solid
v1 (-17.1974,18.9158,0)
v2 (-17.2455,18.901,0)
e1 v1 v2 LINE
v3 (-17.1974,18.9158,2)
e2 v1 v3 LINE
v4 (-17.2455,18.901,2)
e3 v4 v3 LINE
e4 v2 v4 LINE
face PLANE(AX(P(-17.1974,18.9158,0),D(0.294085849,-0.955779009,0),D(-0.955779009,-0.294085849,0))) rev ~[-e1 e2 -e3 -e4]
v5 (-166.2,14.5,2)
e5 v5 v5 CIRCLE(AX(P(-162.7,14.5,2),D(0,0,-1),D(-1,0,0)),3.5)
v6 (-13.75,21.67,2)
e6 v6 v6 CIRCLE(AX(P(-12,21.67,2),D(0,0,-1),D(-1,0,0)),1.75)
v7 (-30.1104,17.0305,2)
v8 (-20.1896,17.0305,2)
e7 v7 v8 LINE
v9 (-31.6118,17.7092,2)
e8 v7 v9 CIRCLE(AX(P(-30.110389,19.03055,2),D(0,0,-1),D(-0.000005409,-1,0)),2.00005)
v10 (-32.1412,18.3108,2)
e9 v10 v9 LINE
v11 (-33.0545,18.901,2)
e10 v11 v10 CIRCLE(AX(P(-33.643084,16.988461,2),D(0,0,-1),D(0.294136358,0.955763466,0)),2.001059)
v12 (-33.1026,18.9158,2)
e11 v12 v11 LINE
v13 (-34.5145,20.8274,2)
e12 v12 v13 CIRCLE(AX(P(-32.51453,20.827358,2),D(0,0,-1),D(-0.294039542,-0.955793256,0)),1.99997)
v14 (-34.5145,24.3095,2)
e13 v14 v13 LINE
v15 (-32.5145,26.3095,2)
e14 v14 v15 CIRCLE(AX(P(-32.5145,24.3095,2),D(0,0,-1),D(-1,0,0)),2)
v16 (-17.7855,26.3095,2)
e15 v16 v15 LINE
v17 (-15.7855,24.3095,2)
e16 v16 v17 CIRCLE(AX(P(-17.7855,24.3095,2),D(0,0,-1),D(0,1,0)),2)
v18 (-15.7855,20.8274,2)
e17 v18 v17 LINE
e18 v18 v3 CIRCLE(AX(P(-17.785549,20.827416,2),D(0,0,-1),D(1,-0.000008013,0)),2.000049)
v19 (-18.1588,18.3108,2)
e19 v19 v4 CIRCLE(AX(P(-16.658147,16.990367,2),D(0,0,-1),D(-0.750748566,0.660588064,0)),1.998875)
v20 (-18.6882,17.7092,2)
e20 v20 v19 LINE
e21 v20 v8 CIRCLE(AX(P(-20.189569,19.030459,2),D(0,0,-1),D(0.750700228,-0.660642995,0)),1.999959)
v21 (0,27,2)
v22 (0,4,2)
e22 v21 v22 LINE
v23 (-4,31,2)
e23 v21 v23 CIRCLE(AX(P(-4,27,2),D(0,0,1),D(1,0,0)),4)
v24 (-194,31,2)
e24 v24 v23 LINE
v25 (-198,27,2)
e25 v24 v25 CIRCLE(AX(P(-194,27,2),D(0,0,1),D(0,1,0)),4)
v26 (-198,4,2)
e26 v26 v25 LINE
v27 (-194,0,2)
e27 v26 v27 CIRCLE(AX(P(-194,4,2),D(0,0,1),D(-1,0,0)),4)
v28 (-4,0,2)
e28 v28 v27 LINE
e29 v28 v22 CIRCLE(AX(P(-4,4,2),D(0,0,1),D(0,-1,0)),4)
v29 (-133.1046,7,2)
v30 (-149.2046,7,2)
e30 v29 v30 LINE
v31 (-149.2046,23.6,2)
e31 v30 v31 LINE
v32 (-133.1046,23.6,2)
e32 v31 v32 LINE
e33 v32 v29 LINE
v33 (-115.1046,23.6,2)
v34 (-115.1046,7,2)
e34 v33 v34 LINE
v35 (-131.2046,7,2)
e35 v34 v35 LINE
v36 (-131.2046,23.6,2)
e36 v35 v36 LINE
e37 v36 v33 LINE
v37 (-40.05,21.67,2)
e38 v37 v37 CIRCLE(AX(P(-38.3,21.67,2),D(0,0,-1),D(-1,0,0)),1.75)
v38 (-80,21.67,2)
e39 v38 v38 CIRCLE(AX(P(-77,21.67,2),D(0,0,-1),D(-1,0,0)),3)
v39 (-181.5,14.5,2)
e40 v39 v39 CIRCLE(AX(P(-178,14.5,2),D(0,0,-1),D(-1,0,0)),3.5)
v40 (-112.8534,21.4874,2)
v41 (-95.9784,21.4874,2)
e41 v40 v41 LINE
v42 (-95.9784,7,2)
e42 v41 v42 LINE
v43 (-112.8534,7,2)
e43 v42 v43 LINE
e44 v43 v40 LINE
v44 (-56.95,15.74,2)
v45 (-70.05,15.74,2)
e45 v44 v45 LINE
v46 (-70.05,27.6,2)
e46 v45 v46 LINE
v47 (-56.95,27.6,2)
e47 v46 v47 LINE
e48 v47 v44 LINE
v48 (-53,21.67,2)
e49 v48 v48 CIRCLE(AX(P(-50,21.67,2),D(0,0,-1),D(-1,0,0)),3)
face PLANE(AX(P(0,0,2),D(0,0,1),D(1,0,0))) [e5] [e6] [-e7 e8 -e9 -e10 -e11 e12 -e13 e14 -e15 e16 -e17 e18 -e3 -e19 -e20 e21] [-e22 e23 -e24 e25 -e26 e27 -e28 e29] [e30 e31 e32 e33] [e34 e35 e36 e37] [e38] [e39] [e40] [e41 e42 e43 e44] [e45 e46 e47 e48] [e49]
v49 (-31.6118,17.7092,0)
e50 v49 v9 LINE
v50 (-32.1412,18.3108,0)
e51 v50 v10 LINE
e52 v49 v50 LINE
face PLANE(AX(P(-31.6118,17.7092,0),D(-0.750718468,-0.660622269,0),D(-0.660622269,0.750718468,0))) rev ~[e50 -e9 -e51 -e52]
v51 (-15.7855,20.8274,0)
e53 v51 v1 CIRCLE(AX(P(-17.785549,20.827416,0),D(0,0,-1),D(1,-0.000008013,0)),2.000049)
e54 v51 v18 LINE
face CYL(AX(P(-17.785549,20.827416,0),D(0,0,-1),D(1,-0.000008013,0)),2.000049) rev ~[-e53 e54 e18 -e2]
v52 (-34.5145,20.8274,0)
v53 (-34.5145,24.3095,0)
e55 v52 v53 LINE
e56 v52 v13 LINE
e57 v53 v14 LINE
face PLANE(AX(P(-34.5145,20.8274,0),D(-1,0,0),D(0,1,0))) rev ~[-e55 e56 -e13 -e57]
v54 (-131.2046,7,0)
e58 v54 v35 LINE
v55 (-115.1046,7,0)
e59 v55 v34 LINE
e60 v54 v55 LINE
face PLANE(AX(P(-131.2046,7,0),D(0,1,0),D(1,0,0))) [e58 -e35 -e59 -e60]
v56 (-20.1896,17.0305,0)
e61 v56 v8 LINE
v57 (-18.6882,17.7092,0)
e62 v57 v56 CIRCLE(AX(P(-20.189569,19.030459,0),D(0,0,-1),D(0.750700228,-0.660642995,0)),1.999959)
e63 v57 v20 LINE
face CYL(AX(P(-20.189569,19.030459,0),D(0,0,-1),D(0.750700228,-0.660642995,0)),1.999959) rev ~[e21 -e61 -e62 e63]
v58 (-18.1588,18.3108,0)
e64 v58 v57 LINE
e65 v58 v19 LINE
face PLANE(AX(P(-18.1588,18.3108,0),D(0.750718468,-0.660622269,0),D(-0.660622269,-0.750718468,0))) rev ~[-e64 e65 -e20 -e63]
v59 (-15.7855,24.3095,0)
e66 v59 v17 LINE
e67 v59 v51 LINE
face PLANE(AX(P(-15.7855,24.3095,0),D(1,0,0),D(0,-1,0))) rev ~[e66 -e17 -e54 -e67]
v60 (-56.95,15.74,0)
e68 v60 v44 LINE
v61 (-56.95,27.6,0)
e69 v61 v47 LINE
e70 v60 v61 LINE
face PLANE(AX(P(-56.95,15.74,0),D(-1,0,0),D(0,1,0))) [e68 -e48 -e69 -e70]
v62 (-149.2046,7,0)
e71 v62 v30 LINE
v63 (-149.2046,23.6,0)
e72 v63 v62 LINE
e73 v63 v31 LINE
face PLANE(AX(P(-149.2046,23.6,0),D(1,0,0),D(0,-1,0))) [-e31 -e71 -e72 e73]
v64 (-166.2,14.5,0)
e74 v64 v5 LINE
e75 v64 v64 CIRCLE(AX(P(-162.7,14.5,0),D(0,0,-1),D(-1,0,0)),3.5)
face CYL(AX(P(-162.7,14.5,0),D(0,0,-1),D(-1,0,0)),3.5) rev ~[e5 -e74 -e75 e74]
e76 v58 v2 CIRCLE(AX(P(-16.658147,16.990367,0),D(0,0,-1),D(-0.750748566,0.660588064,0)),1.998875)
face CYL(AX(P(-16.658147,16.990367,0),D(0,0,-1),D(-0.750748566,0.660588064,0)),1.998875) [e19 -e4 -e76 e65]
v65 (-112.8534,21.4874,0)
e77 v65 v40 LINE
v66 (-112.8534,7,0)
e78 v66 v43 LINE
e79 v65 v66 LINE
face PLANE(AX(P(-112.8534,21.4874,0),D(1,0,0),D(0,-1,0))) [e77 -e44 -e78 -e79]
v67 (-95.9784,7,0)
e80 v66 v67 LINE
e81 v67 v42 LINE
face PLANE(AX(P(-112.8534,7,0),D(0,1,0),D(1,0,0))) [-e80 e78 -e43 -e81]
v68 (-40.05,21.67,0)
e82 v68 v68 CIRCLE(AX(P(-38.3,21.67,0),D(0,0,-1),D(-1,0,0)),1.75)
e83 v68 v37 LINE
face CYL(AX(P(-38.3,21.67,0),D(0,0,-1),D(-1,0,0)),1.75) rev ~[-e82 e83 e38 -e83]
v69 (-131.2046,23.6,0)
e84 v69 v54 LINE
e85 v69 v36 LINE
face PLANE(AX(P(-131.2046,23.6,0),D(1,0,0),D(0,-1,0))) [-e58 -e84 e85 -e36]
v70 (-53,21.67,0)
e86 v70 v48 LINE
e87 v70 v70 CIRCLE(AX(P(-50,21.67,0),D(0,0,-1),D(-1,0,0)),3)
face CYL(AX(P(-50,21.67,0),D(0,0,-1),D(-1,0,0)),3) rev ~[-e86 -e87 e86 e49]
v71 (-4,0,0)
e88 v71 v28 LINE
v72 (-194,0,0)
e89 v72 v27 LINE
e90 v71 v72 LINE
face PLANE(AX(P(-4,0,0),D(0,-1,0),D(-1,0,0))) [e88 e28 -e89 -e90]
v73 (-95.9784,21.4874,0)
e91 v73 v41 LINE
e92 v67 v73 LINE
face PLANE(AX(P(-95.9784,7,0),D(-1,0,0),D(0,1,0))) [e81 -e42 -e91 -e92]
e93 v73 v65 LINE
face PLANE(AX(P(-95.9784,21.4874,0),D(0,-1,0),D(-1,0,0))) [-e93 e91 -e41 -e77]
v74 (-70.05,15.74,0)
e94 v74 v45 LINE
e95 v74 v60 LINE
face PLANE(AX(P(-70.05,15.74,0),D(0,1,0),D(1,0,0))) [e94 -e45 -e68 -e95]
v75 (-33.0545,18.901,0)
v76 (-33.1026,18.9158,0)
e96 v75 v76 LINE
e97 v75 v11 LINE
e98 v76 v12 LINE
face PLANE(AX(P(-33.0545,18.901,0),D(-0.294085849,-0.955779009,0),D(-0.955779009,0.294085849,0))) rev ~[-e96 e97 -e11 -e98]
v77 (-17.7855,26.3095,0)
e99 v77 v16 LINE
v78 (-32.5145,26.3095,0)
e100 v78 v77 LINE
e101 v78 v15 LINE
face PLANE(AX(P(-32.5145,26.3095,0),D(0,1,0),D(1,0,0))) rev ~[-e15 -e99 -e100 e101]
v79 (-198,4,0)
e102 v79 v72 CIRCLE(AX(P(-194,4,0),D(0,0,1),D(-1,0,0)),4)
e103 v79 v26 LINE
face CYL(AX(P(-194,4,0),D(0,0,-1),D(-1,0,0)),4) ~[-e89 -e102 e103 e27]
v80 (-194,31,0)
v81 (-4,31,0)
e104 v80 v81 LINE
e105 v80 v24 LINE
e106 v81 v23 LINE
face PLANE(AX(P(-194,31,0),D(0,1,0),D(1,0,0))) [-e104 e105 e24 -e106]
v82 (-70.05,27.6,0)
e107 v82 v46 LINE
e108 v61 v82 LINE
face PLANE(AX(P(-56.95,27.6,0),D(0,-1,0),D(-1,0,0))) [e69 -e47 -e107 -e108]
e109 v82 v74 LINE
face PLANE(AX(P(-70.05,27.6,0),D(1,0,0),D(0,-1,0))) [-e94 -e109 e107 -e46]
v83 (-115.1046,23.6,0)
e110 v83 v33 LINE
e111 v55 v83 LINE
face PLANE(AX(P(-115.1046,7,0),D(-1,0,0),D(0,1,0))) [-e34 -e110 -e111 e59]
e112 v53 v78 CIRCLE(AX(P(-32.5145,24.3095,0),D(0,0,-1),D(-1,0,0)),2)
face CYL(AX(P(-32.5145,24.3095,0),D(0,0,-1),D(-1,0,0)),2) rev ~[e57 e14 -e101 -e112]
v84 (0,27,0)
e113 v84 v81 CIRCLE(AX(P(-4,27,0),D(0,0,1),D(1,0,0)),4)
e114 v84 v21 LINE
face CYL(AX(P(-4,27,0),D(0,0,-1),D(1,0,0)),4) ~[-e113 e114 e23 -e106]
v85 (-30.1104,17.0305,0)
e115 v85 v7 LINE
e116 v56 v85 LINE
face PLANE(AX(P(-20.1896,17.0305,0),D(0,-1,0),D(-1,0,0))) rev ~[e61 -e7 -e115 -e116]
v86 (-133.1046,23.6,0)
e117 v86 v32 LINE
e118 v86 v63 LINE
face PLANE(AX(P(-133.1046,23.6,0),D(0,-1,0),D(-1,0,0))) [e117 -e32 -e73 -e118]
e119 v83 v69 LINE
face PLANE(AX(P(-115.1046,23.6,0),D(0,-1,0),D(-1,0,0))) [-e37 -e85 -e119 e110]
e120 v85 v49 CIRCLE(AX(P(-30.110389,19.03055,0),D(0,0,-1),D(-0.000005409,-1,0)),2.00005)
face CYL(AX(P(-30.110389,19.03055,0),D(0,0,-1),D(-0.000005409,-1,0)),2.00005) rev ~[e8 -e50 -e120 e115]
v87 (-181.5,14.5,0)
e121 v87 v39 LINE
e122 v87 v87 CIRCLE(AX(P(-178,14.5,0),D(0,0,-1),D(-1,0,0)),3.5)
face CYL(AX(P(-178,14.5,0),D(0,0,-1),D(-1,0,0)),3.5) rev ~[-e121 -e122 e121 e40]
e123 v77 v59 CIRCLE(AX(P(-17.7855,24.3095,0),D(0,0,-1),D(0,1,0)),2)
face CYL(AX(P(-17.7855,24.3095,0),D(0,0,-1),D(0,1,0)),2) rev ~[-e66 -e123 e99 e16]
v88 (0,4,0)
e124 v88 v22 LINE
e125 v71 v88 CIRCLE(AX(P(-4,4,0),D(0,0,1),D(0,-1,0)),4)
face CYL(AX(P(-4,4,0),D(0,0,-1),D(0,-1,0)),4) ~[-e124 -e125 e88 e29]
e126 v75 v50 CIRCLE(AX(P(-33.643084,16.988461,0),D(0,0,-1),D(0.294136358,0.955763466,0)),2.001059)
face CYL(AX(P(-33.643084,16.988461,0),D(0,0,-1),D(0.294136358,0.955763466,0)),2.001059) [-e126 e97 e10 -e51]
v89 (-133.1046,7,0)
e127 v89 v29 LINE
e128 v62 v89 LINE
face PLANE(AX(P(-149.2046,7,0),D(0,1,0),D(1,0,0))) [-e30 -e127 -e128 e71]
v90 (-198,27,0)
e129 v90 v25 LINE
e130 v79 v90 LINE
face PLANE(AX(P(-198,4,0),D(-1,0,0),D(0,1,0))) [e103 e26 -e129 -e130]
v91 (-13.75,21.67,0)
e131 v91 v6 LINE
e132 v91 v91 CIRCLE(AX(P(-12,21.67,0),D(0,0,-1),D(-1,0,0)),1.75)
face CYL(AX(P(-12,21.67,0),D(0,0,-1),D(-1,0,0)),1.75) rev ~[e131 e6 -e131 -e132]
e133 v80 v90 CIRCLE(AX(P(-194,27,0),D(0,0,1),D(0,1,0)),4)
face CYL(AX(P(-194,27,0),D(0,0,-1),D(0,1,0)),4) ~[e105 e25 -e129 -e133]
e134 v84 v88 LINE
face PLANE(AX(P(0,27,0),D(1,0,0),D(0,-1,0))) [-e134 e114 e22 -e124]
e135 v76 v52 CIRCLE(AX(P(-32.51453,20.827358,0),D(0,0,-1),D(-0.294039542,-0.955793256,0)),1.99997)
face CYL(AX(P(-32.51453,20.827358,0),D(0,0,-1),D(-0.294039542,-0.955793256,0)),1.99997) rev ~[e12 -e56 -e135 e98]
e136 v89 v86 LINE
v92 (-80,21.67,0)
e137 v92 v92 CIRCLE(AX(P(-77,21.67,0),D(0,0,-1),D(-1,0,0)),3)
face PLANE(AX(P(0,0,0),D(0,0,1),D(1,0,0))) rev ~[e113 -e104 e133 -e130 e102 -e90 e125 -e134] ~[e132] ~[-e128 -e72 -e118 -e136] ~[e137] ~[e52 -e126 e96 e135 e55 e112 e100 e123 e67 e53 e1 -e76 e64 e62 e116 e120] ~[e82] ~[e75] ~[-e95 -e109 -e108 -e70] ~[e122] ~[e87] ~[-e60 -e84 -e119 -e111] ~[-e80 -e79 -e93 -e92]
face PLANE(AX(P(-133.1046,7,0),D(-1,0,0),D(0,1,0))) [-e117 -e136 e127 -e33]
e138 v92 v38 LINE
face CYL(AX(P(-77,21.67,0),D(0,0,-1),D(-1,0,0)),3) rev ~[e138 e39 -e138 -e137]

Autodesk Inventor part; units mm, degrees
ref_plane "YZ Plane" through (0, 0, 0) normal (1, 0, 0) x (0, 1, 0)
ref_plane "XZ Plane" through (0, 0, 0) normal (0, 1, 0) x (-1, 0, 0)
ref_plane "XY Plane" through (0, 0, 0) normal (0, 0, 1) x (1, 0, 0)
sketch "Sketch1" plane through (0, 0, 0) normal (0, 0, 1) x (1, 0, 0)
  line L0 (-4, 0) -> (-194, 0)
  line L1 (-198, 4) -> (-198, 27)
  line L2 (-194, 31) -> (-4, 31)
  line L3 (0, 27) -> (0, 4)
  arc A0 (0, 27) -> (-4, 31) centre (-4, 27) ccw
  arc A1 (-194, 31) -> (-198, 27) centre (-194, 27) ccw
  arc A2 (-198, 4) -> (-194, 0) centre (-194, 4) ccw
  arc A3 (-4, 0) -> (0, 4) centre (-4, 4) ccw
  point P0 (0, 0)
  point P1 (-198, 0)
  point P2 (0, 31)
  dimension "d0" = 198
  dimension "d1" = 31
  dimension "d2" = 4
extrude "Extrusion1" add sketch "Sketch1" along normal blind 2
sketch "Sketch2" plane through (0, 0, 0) normal (0, 0, -1) x (-1, 0, 0)
  line L0 (95.9784, 21.4874) -> (112.8534, 21.4874)
  line L1 (112.8534, 21.4874) -> (112.8534, 7)
  line L2 (112.8534, 7) -> (95.9784, 7)
  line L3 (95.9784, 7) -> (95.9784, 21.4874)
  line L4 (194, 0) -> (4, 0) projected
  line L5 (0, 4) -> (0, 27) projected
  line L6 (115.1046, 23.6) -> (131.2046, 23.6)
  line L7 (131.2046, 23.6) -> (131.2046, 7)
  line L8 (131.2046, 7) -> (115.1046, 7)
  line L9 (115.1046, 7) -> (115.1046, 23.6)
  line L10 (133.1046, 23.6) -> (149.2046, 23.6)
  line L11 (149.2046, 23.6) -> (149.2046, 7)
  line L12 (149.2046, 7) -> (133.1046, 7)
  line L13 (133.1046, 7) -> (133.1046, 23.6)
  circle A0 centre (162.7, 14.5) radius 3.5
  circle A1 centre (178, 14.5) radius 3.5
  line L14 (198, 27) -> (198, 4) projected
  line L15 (70.05, 15.74) -> (56.95, 15.74)
  line L16 (56.95, 15.74) -> (56.95, 27.6)
  line L17 (56.95, 27.6) -> (70.05, 27.6)
  line L18 (70.05, 27.6) -> (70.05, 15.74)
  circle A2 centre (77, 21.67) radius 3
  circle A3 centre (50, 21.67) radius 3
  line L19 (63.5, 15.74) -> (63.5, 8.0383)
  line L20 (32.5145, 26.3095) -> (17.7855, 26.3095)
  line L21 (15.7855, 24.3095) -> (15.7855, 20.8274)
  line L22 (17.1974, 18.9158) -> (17.2455, 18.901)
  line L23 (18.1588, 18.3108) -> (18.6882, 17.7092)
  line L24 (20.1896, 17.0305) -> (30.1104, 17.0305)
  line L25 (31.6118, 17.7092) -> (32.1412, 18.3108)
  line L26 (33.0545, 18.901) -> (33.1026, 18.9158)
  line L27 (34.5145, 20.8274) -> (34.5145, 24.3095)
  circle A4 centre (38.3, 21.67) radius 1.75
  circle A5 centre (12, 21.67) radius 1.75
  arc A6 (33.1026, 18.9158) -> (34.5145, 20.8274) centre (32.5145, 20.8274) ccw
  arc A7 (33.0545, 18.901) -> (32.1412, 18.3108) centre (33.6426, 16.9895) ccw
  arc A8 (30.1104, 17.0305) -> (31.6118, 17.7092) centre (30.1104, 19.0305) ccw
  arc A9 (18.6882, 17.7092) -> (20.1896, 17.0305) centre (20.1896, 19.0305) ccw
  arc A10 (18.1588, 18.3108) -> (17.2455, 18.901) centre (16.6574, 16.9895) ccw
  arc A11 (15.7855, 20.8274) -> (17.1974, 18.9158) centre (17.7855, 20.8274) ccw
  arc A12 (17.7855, 26.3095) -> (15.7855, 24.3095) centre (17.7855, 24.3095) ccw
  arc A13 (34.5145, 24.3095) -> (32.5145, 26.3095) centre (32.5145, 24.3095) ccw
  point P0 (0, 0)
  point P1 (34.5145, 26.3095)
  point P2 (15.7855, 26.3095)
  point P3 (15.7855, 19.3502)
  point P4 (17.7855, 18.7349)
  point P5 (19.2855, 17.0305)
  point P6 (31.0145, 17.0305)
  point P7 (32.5145, 18.7349)
  point P8 (34.5145, 19.3502)
  dimension "d7" = 16.875
  dimension "d8" = 14.4874
  dimension "d9" = 7
  dimension "d11" = 2.2512
  dimension "d12" = 1.9
  dimension "d13" = 16.1
  dimension "d14" = 16.1
  dimension "d15" = 16.6
  dimension "d16" = 7
  dimension "d17" = 7
  dimension "d18" = 7.5
  dimension "d19" = 13.4954
  dimension "d20" = 15.3
  dimension "d21" = 20
  dimension "d22" = 13.1
  dimension "d23" = 11.86
  dimension "d26" = 27
  dimension "d27" = 6
  dimension "d28" = 13.5
  dimension "d29" = 5.93
  dimension "d30" = 9.279
  dimension "d31" = 18.729
  dimension "d32" = 107.1
  dimension "d33" = 107.1
  dimension "d34" = 138.65
  dimension "d35" = 138.65
  dimension "d36" = 2
  dimension "d37" = 2
  dimension "d38" = 3.5
  dimension "d39" = 3.5
  dimension "d40" = 3.5
  dimension "d41" = 26.3
  dimension "d42" = 3.7855
  dimension "d43" = 4.6395
  dimension "d45" = 2
  dimension "d47" = 50
  dimension "d48" = 12
  dimension "d49" = 4
extrude "Extrusion2" cut sketch "Sketch2" against normal through all
equation "\"d0\" = caseBottomWidth - thickness"
equation "\"d1\" = -thickness + 2 * caseBottomHeight - lipHeight"
equation "\"d2\" = filletMid"
equation "\"d3\" = thickness"
equation "\"d14\" = d13"
equation "\"d21\" = offsetFromSideOfCase"
equation "\"d28\" = 0.5 * d26"
equation "\"d29\" = 0.5 * d23"
equation "\"d33\" = d32"
equation "\"d35\" = d34"
equation "\"d37\" = d36"
equation "\"d39\" = d38"
equation "\"d42\" = -0.5 * d31 + 0.5 * d41"
equation "\"d43\" = 0.5 * d30"
equation "\"d5\" = thickness"
equation "\"filletMid\" = 4"
equation "\"thickness\" = 2"
equation "\"offsetFromSideOfCase\" = 20"
equation "\"caseBottomWidth\" = 200"
equation "\"caseBottomHeight\" = 17"
equation "\"lipHeight\" = 1"
properties part number "case-back"
